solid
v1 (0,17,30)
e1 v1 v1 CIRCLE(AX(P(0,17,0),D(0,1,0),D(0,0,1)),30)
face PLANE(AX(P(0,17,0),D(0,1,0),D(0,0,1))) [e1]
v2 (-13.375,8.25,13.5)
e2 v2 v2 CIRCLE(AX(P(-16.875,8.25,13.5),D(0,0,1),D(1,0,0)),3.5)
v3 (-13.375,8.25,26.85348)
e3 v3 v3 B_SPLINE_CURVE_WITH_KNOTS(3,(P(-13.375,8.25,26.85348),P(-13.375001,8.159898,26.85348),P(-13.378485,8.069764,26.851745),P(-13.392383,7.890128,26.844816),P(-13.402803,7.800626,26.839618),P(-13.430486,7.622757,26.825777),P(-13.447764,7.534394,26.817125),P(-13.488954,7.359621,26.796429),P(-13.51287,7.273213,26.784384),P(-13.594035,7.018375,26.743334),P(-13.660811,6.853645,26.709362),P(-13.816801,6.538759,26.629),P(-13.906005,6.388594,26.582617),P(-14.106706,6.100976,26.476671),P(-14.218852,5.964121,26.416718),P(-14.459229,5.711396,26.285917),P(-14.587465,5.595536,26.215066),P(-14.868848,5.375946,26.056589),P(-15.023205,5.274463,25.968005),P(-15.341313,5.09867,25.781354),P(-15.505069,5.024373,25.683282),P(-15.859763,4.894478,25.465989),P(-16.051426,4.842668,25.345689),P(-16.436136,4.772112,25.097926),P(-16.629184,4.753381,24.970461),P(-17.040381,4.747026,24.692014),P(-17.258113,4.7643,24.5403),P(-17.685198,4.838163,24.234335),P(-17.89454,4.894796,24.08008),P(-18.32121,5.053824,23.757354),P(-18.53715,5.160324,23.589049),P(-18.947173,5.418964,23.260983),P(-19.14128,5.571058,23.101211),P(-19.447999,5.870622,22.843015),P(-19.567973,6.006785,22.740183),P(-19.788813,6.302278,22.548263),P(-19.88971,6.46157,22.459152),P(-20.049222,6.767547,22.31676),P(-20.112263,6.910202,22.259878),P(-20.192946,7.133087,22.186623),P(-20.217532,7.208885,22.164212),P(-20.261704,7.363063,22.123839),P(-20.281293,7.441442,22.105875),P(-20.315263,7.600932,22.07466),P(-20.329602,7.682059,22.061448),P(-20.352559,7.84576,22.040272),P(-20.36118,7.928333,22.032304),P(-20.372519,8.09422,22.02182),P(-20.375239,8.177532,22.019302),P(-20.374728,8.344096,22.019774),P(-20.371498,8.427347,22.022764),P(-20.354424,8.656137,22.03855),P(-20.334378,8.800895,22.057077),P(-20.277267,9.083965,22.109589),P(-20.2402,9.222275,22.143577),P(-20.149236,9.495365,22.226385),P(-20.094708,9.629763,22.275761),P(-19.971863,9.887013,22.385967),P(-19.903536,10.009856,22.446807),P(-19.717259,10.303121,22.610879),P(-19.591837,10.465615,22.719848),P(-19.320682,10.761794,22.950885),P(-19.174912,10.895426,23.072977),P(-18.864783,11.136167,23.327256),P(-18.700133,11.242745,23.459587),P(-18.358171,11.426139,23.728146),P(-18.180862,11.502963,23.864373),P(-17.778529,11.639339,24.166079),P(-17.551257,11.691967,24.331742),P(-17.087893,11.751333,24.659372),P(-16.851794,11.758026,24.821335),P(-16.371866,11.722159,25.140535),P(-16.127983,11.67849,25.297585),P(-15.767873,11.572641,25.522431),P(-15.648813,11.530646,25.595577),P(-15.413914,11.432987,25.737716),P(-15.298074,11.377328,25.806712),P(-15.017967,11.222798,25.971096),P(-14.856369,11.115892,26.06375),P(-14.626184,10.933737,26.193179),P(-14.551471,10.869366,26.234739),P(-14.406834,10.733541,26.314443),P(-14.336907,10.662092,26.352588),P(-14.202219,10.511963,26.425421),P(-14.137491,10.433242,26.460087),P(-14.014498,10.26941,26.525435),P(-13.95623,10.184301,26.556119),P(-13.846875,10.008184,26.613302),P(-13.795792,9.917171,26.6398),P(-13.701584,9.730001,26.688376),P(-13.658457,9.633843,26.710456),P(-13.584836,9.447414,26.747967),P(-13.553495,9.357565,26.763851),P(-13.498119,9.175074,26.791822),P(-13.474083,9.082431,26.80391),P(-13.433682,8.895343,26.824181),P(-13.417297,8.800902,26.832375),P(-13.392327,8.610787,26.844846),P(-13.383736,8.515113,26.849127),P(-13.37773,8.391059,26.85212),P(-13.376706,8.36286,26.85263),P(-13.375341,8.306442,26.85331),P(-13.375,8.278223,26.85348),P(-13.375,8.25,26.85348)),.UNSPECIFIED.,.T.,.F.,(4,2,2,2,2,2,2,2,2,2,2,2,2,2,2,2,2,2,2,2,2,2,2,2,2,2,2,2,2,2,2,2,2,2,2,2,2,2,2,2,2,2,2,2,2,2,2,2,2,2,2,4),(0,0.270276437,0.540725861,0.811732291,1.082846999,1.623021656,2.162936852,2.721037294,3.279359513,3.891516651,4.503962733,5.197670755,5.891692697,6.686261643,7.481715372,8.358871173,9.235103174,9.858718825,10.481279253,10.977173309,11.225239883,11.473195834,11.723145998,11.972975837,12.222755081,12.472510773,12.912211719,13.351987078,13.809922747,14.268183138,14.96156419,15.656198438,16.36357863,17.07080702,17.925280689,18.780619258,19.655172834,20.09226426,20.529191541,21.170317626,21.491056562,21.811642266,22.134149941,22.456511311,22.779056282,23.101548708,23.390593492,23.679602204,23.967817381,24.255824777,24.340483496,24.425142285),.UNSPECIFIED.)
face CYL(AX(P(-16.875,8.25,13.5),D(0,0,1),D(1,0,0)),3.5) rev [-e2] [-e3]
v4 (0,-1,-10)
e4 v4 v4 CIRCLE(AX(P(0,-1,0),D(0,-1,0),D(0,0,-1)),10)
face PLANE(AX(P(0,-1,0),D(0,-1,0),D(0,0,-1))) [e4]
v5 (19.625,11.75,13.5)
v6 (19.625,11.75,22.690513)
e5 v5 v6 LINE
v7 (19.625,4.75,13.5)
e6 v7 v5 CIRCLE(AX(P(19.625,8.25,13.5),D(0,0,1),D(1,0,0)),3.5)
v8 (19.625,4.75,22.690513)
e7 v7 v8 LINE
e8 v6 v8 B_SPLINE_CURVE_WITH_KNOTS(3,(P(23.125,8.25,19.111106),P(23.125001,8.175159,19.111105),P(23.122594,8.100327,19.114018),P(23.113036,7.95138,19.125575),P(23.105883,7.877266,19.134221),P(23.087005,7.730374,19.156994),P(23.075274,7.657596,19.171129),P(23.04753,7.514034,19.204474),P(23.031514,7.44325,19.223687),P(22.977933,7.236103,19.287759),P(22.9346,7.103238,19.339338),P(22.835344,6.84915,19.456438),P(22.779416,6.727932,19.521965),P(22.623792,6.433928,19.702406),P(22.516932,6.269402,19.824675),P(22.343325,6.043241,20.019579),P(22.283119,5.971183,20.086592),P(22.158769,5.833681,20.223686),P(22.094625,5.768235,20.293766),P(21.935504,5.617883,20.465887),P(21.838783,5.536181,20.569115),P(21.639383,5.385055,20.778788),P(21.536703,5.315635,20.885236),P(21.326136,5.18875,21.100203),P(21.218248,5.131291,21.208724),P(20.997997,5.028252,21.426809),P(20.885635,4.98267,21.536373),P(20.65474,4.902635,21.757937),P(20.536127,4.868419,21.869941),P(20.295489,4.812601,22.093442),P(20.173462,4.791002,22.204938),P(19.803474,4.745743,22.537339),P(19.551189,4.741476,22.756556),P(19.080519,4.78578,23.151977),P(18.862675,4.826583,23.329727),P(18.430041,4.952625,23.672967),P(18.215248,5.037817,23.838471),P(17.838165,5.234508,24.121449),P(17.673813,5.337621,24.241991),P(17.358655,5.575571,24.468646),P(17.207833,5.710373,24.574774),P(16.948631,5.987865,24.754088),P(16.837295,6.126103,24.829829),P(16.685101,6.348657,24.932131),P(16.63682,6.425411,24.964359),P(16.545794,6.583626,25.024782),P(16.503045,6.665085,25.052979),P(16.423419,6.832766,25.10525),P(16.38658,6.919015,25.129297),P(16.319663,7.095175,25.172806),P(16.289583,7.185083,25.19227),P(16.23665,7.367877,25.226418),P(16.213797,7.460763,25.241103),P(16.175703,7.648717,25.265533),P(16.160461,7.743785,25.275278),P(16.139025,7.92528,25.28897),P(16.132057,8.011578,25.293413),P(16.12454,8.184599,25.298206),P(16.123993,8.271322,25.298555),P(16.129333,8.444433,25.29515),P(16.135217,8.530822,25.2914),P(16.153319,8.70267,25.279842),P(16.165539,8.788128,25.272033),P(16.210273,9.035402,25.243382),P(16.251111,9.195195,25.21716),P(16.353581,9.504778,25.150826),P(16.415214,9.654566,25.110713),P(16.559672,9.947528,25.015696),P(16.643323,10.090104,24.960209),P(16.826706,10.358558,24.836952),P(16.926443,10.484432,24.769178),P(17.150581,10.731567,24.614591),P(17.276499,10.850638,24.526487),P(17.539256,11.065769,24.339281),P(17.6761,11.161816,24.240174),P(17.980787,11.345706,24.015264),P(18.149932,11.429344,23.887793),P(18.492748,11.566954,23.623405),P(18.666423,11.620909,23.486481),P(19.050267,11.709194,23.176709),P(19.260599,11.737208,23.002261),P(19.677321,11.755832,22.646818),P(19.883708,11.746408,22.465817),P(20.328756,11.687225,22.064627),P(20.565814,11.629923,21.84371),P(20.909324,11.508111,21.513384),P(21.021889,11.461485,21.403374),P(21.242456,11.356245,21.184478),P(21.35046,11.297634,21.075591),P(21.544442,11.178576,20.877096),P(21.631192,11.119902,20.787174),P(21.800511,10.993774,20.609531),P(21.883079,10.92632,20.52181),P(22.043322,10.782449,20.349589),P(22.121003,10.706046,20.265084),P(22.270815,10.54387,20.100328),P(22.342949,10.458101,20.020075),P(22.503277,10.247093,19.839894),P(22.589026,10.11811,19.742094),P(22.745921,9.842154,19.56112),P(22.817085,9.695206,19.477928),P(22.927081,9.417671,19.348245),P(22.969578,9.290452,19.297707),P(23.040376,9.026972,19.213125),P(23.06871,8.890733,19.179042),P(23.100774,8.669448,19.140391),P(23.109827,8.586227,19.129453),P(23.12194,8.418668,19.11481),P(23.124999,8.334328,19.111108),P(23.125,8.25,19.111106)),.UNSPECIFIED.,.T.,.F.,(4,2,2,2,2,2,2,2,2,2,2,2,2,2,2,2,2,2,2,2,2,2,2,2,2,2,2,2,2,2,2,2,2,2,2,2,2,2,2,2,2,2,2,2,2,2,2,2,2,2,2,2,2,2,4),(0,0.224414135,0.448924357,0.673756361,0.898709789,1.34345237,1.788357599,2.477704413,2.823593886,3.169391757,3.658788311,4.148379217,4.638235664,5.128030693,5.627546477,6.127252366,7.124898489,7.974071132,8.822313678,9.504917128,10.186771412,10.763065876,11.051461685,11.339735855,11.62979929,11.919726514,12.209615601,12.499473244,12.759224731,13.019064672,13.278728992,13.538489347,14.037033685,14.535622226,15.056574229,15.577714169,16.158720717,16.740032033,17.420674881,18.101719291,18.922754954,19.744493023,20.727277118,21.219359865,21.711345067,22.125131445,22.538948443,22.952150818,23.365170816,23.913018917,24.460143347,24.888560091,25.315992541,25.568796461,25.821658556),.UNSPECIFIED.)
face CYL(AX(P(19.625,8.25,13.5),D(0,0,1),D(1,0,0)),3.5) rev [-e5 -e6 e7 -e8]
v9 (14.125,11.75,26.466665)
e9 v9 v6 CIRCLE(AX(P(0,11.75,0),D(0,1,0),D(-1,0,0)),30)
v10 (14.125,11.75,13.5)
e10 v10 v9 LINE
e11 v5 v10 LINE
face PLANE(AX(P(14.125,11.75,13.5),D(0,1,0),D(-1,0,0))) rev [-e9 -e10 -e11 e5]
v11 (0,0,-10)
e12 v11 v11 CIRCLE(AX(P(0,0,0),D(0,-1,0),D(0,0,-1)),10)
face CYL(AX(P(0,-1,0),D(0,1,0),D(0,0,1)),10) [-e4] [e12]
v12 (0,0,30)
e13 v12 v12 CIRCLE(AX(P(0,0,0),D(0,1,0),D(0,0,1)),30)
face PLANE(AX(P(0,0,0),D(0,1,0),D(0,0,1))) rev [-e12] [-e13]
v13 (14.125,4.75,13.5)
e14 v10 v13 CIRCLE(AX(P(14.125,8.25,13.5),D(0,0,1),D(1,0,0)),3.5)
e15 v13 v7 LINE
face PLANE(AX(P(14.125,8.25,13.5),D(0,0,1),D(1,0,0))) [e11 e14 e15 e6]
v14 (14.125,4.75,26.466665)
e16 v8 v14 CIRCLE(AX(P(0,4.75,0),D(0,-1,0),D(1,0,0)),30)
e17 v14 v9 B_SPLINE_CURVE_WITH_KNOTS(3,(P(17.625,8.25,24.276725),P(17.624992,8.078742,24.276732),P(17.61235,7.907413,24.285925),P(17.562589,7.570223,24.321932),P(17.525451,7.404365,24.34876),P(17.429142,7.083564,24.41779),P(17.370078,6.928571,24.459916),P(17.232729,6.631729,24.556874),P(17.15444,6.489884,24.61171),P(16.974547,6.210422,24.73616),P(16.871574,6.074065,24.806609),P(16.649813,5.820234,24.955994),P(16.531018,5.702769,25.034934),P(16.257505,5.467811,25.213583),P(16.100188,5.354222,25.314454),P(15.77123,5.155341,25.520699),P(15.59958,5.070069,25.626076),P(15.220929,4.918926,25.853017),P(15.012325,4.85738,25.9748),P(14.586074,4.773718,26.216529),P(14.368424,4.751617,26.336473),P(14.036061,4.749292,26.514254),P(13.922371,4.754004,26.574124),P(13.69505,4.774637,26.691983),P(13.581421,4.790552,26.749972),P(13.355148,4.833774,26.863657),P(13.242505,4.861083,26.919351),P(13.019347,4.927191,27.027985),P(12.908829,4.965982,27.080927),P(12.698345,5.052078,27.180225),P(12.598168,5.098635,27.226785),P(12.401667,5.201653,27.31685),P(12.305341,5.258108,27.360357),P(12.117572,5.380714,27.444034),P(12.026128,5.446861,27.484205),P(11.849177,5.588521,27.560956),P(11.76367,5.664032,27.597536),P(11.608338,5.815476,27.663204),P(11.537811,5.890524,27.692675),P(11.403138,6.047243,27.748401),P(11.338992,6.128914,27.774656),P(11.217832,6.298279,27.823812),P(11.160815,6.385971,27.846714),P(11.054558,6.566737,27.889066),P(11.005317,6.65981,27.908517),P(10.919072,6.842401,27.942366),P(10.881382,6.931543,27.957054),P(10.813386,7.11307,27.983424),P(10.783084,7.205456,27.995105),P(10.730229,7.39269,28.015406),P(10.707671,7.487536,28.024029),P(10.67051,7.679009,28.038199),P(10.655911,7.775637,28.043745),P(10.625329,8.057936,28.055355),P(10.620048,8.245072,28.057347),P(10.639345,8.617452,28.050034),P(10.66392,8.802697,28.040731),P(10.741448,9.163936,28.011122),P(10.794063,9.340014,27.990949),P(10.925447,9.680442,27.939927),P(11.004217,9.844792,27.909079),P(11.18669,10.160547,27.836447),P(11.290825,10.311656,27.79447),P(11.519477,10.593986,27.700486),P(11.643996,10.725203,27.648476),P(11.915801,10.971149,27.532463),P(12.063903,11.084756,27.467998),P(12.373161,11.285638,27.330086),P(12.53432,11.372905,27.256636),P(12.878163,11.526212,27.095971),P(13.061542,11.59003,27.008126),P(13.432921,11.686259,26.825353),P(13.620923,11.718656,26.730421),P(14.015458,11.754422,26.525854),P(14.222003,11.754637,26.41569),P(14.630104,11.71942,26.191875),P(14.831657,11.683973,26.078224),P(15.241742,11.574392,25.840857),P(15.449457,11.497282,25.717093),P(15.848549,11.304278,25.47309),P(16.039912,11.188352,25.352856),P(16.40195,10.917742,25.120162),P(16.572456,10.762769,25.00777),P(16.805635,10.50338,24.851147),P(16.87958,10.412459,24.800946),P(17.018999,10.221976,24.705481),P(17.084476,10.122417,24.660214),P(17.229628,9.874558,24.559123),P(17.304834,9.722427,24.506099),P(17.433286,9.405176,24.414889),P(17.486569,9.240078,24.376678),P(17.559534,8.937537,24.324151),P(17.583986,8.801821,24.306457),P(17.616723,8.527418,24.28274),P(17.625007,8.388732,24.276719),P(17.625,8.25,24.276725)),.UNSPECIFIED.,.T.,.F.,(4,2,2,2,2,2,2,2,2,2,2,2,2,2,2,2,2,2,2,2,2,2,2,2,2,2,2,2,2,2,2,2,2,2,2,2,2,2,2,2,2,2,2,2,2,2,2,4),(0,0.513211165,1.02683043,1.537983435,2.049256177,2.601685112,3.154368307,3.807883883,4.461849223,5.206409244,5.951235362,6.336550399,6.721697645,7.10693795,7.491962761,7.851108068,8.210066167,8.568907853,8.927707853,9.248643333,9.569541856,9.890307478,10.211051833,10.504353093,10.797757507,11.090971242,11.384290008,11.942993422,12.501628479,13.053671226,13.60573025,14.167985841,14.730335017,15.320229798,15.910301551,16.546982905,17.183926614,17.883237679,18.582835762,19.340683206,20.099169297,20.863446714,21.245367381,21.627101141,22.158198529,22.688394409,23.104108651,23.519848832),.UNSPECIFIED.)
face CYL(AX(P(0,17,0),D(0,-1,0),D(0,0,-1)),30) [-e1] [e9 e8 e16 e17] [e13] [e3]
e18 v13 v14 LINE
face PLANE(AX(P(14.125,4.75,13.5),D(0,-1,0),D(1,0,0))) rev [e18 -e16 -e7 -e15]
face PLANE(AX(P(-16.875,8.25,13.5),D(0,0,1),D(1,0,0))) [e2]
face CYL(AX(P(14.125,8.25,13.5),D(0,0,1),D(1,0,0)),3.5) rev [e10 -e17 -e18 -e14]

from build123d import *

# Parameters (mm, degrees)
SKETCH1_R           = 30
BOSS_EXTRUDE1_DEPTH = 17
SKETCH2_R           = 3.5
CUT_EXTRUDE1_DEPTH  = 16.5
SKETCH3_R           = 10
BOSS_EXTRUDE2_DEPTH = 1


with BuildPart() as part:
    # Sketch1 → Boss-Extrude1 (new body)
    with BuildSketch(Plane(origin=(0, 0, 0), x_dir=(1, 0, 0), z_dir=(0, 1, 0))):
        with Locations(Location((0, 0, 0), (0, 0, 270))):
            Circle(SKETCH1_R)
    extrude(amount=BOSS_EXTRUDE1_DEPTH)

    # Sketch2 → Cut-Extrude1 (cut)
    with BuildSketch(Plane.XY.offset(30)):
        with Locations((-16.875, 8.25)):
            Circle(SKETCH2_R)
        with BuildLine():
            Line((14.125, 11.75), (19.625, 11.75))
            ThreePointArc((19.625, 11.75), (23.125, 8.25), (19.625, 4.75))
            Line((19.625, 4.75), (14.125, 4.75))
            ThreePointArc((14.125, 4.75), (10.625, 8.25), (14.125, 11.75))
        make_face()
    extrude(amount=-CUT_EXTRUDE1_DEPTH, mode=Mode.SUBTRACT)

    # Sketch3 → Boss-Extrude2 (add)
    with BuildSketch(Plane.XZ):
        with Locations(Location((0, 0, 0), (0, 0, 270))):
            Circle(SKETCH3_R)
    extrude(amount=BOSS_EXTRUDE2_DEPTH)


solid = part.part
